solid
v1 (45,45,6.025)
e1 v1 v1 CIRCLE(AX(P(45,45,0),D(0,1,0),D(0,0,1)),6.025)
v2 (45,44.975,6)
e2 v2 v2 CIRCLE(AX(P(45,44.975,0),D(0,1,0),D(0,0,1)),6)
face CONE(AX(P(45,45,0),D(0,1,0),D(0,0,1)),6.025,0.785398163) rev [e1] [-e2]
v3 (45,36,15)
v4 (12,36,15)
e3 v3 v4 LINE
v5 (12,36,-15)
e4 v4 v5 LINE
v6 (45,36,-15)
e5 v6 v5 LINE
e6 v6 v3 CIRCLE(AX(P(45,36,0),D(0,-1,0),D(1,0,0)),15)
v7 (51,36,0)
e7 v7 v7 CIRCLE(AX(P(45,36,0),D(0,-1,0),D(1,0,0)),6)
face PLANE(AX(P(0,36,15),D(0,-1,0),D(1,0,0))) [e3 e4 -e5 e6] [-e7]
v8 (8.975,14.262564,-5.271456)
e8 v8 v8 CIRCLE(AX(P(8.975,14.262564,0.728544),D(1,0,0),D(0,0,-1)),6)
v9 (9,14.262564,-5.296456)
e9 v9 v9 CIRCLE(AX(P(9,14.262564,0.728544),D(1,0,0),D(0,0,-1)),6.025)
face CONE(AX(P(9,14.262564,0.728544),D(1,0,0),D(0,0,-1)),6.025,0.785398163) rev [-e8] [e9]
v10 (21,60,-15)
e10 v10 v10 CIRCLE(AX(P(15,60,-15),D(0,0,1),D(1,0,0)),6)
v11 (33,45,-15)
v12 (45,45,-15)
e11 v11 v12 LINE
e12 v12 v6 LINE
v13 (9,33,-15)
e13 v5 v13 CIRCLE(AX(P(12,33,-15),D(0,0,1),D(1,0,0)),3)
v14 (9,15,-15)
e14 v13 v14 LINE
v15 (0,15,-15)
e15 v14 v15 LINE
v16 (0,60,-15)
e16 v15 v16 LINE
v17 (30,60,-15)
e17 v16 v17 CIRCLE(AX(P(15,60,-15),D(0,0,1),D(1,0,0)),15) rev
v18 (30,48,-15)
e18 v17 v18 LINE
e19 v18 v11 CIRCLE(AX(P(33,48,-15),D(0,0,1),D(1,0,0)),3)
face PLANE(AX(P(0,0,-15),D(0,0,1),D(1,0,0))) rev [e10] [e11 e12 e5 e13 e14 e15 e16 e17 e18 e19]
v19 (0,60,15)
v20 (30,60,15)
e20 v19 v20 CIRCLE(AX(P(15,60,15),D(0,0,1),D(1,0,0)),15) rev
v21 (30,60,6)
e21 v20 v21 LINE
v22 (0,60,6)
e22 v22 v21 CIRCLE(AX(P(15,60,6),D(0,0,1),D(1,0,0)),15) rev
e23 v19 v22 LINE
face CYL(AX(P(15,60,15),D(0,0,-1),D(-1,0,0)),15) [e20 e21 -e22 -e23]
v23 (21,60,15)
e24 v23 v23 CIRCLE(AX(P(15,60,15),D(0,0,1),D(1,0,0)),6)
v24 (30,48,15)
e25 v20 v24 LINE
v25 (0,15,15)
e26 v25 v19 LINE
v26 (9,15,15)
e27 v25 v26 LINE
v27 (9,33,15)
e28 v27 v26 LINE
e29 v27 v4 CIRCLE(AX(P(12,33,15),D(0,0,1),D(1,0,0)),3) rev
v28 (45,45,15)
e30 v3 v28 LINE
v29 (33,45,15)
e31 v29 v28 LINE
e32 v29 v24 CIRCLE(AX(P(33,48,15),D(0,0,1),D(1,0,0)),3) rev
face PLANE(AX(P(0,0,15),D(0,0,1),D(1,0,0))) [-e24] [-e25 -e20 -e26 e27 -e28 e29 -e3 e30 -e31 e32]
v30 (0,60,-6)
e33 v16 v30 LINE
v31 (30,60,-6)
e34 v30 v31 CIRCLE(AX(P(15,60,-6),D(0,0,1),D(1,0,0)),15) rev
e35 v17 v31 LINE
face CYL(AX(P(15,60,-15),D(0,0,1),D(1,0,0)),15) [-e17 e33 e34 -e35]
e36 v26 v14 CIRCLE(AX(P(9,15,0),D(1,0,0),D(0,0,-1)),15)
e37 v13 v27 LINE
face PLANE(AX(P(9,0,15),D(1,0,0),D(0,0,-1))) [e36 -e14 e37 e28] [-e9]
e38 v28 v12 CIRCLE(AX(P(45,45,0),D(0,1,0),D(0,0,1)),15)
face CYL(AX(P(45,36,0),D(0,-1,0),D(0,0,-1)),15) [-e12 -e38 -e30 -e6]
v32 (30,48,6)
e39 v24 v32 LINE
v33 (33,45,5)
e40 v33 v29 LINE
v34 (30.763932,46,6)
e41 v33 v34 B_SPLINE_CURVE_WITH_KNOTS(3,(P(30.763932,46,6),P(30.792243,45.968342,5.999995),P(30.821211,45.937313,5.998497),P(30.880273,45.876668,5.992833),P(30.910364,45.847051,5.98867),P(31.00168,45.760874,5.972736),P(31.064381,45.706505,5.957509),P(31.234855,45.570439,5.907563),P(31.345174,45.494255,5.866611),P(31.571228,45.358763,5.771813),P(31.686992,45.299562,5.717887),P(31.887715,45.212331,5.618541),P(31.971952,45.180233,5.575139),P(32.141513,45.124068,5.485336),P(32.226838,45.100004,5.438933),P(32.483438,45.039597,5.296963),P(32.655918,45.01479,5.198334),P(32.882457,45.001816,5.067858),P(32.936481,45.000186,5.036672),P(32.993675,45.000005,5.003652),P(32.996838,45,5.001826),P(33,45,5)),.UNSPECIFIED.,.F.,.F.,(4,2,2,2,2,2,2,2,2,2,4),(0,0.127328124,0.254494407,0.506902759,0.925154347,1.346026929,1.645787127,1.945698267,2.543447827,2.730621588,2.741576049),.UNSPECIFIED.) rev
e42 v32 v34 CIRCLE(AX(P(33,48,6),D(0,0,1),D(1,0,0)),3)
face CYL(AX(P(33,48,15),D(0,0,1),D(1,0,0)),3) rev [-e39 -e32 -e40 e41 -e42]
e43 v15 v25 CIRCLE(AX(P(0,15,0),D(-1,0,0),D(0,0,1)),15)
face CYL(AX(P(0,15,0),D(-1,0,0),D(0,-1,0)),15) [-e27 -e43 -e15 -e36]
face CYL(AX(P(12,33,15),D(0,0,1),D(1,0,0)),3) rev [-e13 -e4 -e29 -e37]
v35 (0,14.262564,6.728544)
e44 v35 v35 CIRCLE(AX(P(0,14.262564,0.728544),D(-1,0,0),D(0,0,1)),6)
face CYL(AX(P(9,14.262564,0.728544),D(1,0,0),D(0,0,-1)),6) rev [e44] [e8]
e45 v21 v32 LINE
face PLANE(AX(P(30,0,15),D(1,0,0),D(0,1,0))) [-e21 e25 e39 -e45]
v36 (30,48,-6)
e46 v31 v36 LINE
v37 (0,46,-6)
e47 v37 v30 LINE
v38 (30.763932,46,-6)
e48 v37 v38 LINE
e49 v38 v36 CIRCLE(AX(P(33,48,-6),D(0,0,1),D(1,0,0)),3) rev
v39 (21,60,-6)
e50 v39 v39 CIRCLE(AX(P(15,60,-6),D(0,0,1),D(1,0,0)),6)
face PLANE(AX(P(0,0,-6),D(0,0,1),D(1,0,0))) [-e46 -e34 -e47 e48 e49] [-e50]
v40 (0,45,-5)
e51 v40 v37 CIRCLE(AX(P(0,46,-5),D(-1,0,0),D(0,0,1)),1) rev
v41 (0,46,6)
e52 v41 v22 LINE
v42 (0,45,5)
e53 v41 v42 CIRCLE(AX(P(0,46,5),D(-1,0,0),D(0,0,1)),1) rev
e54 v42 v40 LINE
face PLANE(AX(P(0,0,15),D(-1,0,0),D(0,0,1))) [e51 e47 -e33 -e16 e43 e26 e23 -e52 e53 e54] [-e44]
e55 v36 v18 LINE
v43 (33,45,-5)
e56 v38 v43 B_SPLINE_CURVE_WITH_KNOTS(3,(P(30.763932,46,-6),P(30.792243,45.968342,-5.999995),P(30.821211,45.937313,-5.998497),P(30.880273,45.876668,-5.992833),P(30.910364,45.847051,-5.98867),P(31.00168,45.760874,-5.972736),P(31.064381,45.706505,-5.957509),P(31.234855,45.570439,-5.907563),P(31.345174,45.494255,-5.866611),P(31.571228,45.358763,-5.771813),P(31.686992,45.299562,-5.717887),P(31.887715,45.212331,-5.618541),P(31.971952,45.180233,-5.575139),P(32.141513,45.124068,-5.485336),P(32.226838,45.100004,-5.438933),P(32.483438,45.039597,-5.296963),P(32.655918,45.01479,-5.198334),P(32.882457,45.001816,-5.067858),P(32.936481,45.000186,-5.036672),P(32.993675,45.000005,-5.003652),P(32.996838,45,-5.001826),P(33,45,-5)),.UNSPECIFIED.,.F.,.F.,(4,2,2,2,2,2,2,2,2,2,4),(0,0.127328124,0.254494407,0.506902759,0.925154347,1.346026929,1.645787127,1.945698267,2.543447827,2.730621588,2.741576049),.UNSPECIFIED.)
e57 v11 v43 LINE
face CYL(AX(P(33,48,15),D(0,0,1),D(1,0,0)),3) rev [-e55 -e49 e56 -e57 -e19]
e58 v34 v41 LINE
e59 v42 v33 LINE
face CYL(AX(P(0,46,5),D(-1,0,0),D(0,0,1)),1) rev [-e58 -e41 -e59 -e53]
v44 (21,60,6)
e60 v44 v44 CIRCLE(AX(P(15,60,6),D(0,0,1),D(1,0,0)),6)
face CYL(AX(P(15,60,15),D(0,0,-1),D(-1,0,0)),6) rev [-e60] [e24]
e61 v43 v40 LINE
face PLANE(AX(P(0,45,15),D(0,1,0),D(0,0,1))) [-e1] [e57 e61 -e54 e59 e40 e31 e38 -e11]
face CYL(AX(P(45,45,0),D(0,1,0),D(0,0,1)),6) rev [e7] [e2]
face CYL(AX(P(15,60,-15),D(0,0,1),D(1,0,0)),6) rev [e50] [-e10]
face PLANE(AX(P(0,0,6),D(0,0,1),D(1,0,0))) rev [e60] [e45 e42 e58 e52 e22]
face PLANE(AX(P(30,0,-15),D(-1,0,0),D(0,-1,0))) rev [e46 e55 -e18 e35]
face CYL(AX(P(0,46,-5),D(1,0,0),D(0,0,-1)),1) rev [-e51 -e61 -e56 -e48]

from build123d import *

# Parameters (mm, degrees)
BOSS_EXTRUDE1_DEPTH                        = 15
BOSS_EXTRUDE2_START                        = 6
SKETCH1_3_R                                = 6
BOSS_EXTRUDE2_DEPTH                        = 9
BOSS_EXTRUDE3_START                        = -15
SKETCH1_4_R                                = 6
BOSS_EXTRUDE3_DEPTH                        = 9
FILLET1_RADIUS                             = 15
FILLET1_LENGTH                             = 9
FILLET2_RADIUS                             = 15
FILLET2_LENGTH                             = 9
F_12_0MM_DOWEL_HOLE1_D                     = 12
F_12_0MM_DOWEL_HOLE1_CSINK_D               = 12.05
F_12_0MM_DOWEL_HOLE1_CSINK_ANGLE           = 90
F_12_0MM_DOWEL_HOLE1_ON_FACE_2_D           = 12
F_12_0MM_DOWEL_HOLE1_ON_FACE_2_CSINK_D     = 12.05
F_12_0MM_DOWEL_HOLE1_ON_FACE_2_CSINK_ANGLE = 90
FILLET3_R                                  = 3
FILLET4_R                                  = 3
FILLET5_R                                  = 1


with BuildPart() as part:
    # Sketch1 → Boss-Extrude1 (new, symmetric)
    with BuildSketch(Plane.XY):
        Polygon((0, 45), (0, 0), (9, 0), (9, 36), (60, 36), (60, 45), (30, 45), align=None)
    extrude(amount=BOSS_EXTRUDE1_DEPTH, both=True)

    # Sketch1<3> → Boss-Extrude2 (add)
    with BuildSketch(Plane.XY.offset(BOSS_EXTRUDE2_START)):
        with BuildLine():
            Line((0, 60), (0, 45))
            Line((0, 45), (30, 45))
            Line((30, 45), (30, 60))
            ThreePointArc((30, 60), (15, 75), (0, 60))
        make_face()
        with Locations((15, 60)):
            Circle(SKETCH1_3_R, mode=Mode.SUBTRACT)
    extrude(amount=BOSS_EXTRUDE2_DEPTH)

    # Sketch1<4> → Boss-Extrude3 (add)
    with BuildSketch(Plane.XY.offset(BOSS_EXTRUDE3_START)):
        with BuildLine():
            Line((0, 60), (0, 45))
            Line((0, 45), (30, 45))
            Line((30, 45), (30, 60))
            ThreePointArc((30, 60), (15, 75), (0, 60))
        make_face()
        with Locations((15, 60)):
            Circle(SKETCH1_4_R, mode=Mode.SUBTRACT)
    extrude(amount=BOSS_EXTRUDE3_DEPTH)

    # Fillet1: full round fillet: the end face becomes a half cylinder, R = half its width
    fillet1_face = Plane((60, 40.5, 0), x_dir=(0, -1, 0), z_dir=(1, 0, 0))  # on the end face: x along it, z out of the body
    fillet1_slab = fillet1_face.offset(-FILLET1_RADIUS / 2) * Box(FILLET1_LENGTH, 2 * FILLET1_RADIUS, FILLET1_RADIUS, mode=Mode.PRIVATE)  # the body's end, R deep
    fillet1_round = Plane((45, 40.5, 0), x_dir=(1, 0, 0), z_dir=(0, -1, 0)) * Cylinder(FILLET1_RADIUS, FILLET1_LENGTH, mode=Mode.PRIVATE)  # its axis R under the face
    add(fillet1_slab - fillet1_round, mode=Mode.SUBTRACT)

    # Fillet2: full round fillet: the end face becomes a half cylinder, R = half its width
    fillet2_face = Plane((4.5, 0, 0), x_dir=(-1, 0, 0), z_dir=(0, -1, 0))  # on the end face: x along it, z out of the body
    fillet2_slab = fillet2_face.offset(-FILLET2_RADIUS / 2) * Box(FILLET2_LENGTH, 2 * FILLET2_RADIUS, FILLET2_RADIUS, mode=Mode.PRIVATE)  # the body's end, R deep
    fillet2_round = Plane((4.5, 15, 0), x_dir=(0, -1, 0), z_dir=(-1, 0, 0)) * Cylinder(FILLET2_RADIUS, FILLET2_LENGTH, mode=Mode.PRIVATE)  # its axis R under the face
    add(fillet2_slab - fillet2_round, mode=Mode.SUBTRACT)

    # Ø12.0mm Dowel Hole1 (through all)
    with Locations(Plane(origin=(9, 14.262563745, 0.728544171), x_dir=(0, 0, 1), z_dir=(1, 0, 0))):
        with Locations((0, 0)):
            CounterSinkHole(F_12_0MM_DOWEL_HOLE1_D / 2, F_12_0MM_DOWEL_HOLE1_CSINK_D / 2, counter_sink_angle=F_12_0MM_DOWEL_HOLE1_CSINK_ANGLE)

    # Ø12.0mm Dowel Hole1 on face 2 (through all)
    with Locations(Plane(origin=(45, 45, 0), x_dir=(0, 0, 1), z_dir=(0, 1, 0))):
        with Locations((0, 0)):
            CounterSinkHole(F_12_0MM_DOWEL_HOLE1_ON_FACE_2_D / 2, F_12_0MM_DOWEL_HOLE1_ON_FACE_2_CSINK_D / 2, counter_sink_angle=F_12_0MM_DOWEL_HOLE1_ON_FACE_2_CSINK_ANGLE)

    # Fillet3
    fillet3_edges = [part.edges().sort_by_distance(p)[0] for p in [
        (9, 36, 0),
    ]]
    fillet(fillet3_edges, radius=FILLET3_R)

    # Fillet4
    fillet4_edges = [part.edges().sort_by_distance(p)[0] for p in [
        (30, 45, 10.5),
        (30, 45, -10.5),
    ]]
    fillet(fillet4_edges, radius=FILLET4_R)

    # Fillet5
    fillet5_edges = [part.edges().sort_by_distance(p)[0] for p in [
        (16.5, 45, 6),
        (16.5, 45, -6),
    ]]
    fillet(fillet5_edges, radius=FILLET5_R)


solid = part.part
